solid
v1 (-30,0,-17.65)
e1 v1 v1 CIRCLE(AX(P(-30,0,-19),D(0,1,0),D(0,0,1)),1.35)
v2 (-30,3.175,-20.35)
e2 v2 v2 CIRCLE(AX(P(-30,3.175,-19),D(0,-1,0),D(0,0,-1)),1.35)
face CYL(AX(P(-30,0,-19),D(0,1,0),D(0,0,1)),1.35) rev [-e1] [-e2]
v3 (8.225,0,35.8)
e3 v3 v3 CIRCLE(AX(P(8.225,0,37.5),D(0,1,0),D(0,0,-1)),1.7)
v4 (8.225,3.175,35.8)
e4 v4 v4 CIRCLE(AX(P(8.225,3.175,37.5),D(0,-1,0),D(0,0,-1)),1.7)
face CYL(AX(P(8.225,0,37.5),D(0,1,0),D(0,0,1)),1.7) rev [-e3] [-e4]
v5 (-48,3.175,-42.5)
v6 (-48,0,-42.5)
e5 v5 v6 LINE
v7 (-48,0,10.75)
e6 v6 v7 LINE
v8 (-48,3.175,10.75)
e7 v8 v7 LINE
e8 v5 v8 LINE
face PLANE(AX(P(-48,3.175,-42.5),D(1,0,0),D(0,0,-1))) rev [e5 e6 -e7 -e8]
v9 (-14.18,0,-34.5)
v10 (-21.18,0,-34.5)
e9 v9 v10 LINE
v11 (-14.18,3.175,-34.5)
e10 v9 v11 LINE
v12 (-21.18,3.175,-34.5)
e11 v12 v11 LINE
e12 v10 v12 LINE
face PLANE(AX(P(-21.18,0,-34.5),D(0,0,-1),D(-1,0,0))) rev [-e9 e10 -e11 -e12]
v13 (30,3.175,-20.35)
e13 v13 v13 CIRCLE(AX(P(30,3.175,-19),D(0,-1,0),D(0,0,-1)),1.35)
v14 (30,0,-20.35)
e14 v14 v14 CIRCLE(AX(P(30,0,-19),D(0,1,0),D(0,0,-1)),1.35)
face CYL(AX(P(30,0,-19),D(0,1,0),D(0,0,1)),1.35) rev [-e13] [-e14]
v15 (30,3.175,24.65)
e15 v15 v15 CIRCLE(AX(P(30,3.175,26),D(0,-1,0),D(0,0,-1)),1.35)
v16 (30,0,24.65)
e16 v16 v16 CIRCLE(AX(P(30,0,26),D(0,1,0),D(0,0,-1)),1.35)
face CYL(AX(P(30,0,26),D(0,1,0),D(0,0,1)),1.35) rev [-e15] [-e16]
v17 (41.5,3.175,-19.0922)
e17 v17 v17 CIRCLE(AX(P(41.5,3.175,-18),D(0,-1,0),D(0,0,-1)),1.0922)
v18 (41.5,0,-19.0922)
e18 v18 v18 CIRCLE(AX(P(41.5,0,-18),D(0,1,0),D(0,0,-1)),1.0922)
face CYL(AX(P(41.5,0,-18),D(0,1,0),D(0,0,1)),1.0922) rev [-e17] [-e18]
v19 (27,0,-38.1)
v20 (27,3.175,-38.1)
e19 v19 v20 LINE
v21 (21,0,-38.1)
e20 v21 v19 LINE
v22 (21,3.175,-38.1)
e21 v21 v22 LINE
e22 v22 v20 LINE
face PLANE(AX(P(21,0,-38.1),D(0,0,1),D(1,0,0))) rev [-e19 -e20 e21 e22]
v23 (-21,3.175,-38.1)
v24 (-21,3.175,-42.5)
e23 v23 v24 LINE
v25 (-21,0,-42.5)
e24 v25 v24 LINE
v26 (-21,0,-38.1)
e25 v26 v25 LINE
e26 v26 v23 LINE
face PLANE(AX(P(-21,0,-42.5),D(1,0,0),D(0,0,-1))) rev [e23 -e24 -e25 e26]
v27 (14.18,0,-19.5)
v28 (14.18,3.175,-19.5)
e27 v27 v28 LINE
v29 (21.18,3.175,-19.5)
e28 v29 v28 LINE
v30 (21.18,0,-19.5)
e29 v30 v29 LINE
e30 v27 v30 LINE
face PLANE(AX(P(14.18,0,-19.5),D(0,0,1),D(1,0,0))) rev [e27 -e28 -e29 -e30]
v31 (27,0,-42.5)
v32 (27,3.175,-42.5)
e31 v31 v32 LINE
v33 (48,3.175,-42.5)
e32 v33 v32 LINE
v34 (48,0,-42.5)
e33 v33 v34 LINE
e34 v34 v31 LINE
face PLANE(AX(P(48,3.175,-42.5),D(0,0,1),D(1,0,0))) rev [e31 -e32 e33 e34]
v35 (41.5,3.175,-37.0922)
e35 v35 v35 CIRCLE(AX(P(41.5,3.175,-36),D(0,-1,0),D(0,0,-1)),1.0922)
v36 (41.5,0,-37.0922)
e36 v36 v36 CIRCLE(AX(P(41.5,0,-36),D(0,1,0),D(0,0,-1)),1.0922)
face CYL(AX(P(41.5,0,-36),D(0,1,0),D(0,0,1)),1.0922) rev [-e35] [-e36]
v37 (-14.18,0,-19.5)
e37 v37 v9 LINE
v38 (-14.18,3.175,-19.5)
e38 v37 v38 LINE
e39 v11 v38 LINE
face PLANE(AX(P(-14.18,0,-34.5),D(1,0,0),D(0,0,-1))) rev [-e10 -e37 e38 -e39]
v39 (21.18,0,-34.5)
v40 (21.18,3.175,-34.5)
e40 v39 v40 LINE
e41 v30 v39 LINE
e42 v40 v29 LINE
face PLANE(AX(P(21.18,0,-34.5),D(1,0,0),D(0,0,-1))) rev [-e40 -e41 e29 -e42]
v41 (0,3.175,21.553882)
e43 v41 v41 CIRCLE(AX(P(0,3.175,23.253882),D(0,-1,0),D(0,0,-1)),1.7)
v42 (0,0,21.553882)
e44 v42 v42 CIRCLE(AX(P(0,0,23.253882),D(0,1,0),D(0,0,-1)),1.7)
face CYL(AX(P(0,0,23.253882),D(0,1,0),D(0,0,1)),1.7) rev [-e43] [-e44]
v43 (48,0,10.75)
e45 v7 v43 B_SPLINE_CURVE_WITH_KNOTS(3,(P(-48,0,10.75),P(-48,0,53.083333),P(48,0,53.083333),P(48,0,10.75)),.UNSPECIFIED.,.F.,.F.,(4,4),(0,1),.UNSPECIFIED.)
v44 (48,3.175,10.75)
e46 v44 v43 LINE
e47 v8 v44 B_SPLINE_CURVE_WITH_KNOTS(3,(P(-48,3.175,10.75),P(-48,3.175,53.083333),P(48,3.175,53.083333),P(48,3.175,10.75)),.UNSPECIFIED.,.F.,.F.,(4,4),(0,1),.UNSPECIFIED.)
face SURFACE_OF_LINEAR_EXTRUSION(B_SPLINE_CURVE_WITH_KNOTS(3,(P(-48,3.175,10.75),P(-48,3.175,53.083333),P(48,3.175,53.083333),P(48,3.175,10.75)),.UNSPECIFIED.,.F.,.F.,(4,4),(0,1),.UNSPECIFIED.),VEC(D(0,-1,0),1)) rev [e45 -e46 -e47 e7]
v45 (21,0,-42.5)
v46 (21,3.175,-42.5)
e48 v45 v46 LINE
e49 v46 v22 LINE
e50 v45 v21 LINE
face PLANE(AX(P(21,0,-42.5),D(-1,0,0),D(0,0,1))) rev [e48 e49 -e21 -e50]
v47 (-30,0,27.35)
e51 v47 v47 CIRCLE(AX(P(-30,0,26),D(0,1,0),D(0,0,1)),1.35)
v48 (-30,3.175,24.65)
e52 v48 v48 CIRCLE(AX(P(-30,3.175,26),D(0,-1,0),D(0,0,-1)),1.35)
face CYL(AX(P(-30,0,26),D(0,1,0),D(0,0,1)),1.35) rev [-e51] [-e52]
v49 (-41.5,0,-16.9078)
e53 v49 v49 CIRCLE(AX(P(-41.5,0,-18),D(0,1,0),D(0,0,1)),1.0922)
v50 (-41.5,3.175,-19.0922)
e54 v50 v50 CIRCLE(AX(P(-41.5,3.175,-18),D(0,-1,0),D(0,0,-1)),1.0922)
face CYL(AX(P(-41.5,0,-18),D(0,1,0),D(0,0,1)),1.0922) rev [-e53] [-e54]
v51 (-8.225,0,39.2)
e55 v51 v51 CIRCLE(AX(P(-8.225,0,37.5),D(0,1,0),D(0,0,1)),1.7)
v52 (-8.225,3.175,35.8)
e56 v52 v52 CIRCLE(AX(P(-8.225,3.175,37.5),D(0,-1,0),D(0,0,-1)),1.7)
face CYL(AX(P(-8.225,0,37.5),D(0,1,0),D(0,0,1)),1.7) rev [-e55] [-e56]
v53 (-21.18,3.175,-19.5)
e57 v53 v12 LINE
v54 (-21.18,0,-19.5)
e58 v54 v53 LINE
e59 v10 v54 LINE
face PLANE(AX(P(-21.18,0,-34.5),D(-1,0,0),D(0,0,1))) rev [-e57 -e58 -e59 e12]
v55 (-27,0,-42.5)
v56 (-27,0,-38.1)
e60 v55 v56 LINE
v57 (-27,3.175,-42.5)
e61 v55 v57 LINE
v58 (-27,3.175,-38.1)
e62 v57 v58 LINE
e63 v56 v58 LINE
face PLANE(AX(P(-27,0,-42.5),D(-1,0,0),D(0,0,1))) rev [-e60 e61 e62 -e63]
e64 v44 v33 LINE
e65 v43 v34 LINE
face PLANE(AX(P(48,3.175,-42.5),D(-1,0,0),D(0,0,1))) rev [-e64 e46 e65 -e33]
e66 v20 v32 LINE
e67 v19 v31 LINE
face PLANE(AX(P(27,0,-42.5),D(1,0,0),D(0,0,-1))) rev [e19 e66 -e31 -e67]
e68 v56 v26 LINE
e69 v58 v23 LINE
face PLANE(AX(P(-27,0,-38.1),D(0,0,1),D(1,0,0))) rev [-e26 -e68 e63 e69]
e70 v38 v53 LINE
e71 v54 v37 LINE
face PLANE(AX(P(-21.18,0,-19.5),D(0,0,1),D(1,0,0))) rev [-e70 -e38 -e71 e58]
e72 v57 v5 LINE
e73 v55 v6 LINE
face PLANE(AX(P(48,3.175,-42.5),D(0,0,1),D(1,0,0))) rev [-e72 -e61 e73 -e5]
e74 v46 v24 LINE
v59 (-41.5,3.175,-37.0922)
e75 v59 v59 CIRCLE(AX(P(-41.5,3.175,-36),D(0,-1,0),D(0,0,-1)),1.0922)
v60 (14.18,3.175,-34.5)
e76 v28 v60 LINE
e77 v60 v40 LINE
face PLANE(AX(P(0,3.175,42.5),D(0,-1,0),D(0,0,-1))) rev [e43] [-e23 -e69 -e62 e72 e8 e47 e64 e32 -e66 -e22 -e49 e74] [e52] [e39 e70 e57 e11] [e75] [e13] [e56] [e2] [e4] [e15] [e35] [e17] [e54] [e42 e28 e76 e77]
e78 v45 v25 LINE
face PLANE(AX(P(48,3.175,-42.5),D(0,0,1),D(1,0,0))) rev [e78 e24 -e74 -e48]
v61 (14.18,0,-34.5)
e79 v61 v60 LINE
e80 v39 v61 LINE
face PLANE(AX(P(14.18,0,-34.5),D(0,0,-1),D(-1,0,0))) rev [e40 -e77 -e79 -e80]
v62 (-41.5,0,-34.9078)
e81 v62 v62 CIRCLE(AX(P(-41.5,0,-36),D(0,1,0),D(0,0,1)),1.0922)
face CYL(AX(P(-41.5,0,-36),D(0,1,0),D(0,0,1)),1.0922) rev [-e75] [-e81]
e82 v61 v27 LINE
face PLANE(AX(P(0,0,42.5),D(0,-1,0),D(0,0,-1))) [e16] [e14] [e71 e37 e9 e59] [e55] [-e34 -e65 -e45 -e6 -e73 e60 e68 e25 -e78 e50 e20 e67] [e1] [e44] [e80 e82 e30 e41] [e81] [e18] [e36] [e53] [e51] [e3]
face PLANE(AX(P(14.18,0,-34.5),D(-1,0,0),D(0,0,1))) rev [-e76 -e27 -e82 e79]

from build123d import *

# Parameters (mm, degrees)
BOSS_EXTRUDE1_DEPTH     = 3.175
CUT_EXTRUDE1_DEPTH      = 65.189801711
CUT_EXTRUDE1_DEPTH_BACK = 65.189801711
SKETCH3_R               = 1.0922
SKETCH3_R_2             = 1.35
SKETCH3_R_3             = 1.7
SKETCH3_W               = 7
SKETCH3_H               = 15
SKETCH5_W               = 6
SKETCH5_H               = 4.4
CUT_EXTRUDE2_DEPTH      = 65.189801711


with BuildPart() as part:
    # Sketch2 → Boss-Extrude1 (new body)
    with BuildSketch(Plane(origin=(0, 0, 0), x_dir=(1, 0, 0), z_dir=(0, 1, 0))):
        with BuildLine():
            Line((48, 42.5), (-48, 42.5))
            Line((-48, 42.5), (-48, -10.75))
            add(Edge.make_bspline(
                [(-48, -10.75), (-48, -53.083333333), (48, -53.083333333), (48, -10.75)],
                knots=[0, 0, 0, 0, 1, 1, 1, 1], degree=3))
            Line((48, -10.75), (48, 42.5))
        make_face()
    extrude(amount=BOSS_EXTRUDE1_DEPTH)

    # Sketch3 → Cut-Extrude1 (cut, two sides: drawn at the far end of the back side and taken through both)
    with BuildSketch(Plane(origin=(0, 3.175, 0), x_dir=(1, 0, 0), z_dir=(0, 1, 0)).offset(-CUT_EXTRUDE1_DEPTH_BACK)):
        with Locations(Location((-41.5, 36, 0), (0, 0, 270))):
            Circle(SKETCH3_R)
        with Locations(Location((-41.5, 18, 0), (0, 0, 270))):
            Circle(SKETCH3_R)
        with Locations(Location((-30, 19, 0), (0, 0, 270))):
            Circle(SKETCH3_R_2)
        with Locations(Location((41.5, 18, 0), (0, 0, 90))):
            Circle(SKETCH3_R)
        with Locations(Location((41.5, 36, 0), (0, 0, 90))):
            Circle(SKETCH3_R)
        with Locations(Location((-30, -26, 0), (0, 0, 270))):
            Circle(SKETCH3_R_2)
        with Locations(Location((30, -26, 0), (0, 0, 90))):
            Circle(SKETCH3_R_2)
        with Locations(Location((30, 19, 0), (0, 0, 90))):
            Circle(SKETCH3_R_2)
        with Locations(Location((-8.225, -37.5, 0), (0, 0, 270))):
            Circle(SKETCH3_R_3)
        with Locations(Location((8.225, -37.5, 0), (0, 0, 90))):
            Circle(SKETCH3_R_3)
        with Locations(Location((0, -23.253882108, 0), (0, 0, 90))):
            Circle(SKETCH3_R_3)
        with Locations((-17.68, 27)):
            Rectangle(SKETCH3_W, SKETCH3_H)
        with Locations((17.68, 27)):
            Rectangle(SKETCH3_W, SKETCH3_H)
    extrude(amount=CUT_EXTRUDE1_DEPTH + CUT_EXTRUDE1_DEPTH_BACK, mode=Mode.SUBTRACT)

    # Sketch5 → Cut-Extrude2 (cut, through all)
    with BuildSketch(Plane(origin=(0, 3.175, 0), x_dir=(1, 0, 0), z_dir=(0, 1, 0))):
        with Locations((24, 40.3)):
            Rectangle(SKETCH5_W, SKETCH5_H)
        with Locations((-24, 40.3)):
            Rectangle(SKETCH5_W, SKETCH5_H)
    extrude(amount=-CUT_EXTRUDE2_DEPTH, mode=Mode.SUBTRACT)


solid = part.part
